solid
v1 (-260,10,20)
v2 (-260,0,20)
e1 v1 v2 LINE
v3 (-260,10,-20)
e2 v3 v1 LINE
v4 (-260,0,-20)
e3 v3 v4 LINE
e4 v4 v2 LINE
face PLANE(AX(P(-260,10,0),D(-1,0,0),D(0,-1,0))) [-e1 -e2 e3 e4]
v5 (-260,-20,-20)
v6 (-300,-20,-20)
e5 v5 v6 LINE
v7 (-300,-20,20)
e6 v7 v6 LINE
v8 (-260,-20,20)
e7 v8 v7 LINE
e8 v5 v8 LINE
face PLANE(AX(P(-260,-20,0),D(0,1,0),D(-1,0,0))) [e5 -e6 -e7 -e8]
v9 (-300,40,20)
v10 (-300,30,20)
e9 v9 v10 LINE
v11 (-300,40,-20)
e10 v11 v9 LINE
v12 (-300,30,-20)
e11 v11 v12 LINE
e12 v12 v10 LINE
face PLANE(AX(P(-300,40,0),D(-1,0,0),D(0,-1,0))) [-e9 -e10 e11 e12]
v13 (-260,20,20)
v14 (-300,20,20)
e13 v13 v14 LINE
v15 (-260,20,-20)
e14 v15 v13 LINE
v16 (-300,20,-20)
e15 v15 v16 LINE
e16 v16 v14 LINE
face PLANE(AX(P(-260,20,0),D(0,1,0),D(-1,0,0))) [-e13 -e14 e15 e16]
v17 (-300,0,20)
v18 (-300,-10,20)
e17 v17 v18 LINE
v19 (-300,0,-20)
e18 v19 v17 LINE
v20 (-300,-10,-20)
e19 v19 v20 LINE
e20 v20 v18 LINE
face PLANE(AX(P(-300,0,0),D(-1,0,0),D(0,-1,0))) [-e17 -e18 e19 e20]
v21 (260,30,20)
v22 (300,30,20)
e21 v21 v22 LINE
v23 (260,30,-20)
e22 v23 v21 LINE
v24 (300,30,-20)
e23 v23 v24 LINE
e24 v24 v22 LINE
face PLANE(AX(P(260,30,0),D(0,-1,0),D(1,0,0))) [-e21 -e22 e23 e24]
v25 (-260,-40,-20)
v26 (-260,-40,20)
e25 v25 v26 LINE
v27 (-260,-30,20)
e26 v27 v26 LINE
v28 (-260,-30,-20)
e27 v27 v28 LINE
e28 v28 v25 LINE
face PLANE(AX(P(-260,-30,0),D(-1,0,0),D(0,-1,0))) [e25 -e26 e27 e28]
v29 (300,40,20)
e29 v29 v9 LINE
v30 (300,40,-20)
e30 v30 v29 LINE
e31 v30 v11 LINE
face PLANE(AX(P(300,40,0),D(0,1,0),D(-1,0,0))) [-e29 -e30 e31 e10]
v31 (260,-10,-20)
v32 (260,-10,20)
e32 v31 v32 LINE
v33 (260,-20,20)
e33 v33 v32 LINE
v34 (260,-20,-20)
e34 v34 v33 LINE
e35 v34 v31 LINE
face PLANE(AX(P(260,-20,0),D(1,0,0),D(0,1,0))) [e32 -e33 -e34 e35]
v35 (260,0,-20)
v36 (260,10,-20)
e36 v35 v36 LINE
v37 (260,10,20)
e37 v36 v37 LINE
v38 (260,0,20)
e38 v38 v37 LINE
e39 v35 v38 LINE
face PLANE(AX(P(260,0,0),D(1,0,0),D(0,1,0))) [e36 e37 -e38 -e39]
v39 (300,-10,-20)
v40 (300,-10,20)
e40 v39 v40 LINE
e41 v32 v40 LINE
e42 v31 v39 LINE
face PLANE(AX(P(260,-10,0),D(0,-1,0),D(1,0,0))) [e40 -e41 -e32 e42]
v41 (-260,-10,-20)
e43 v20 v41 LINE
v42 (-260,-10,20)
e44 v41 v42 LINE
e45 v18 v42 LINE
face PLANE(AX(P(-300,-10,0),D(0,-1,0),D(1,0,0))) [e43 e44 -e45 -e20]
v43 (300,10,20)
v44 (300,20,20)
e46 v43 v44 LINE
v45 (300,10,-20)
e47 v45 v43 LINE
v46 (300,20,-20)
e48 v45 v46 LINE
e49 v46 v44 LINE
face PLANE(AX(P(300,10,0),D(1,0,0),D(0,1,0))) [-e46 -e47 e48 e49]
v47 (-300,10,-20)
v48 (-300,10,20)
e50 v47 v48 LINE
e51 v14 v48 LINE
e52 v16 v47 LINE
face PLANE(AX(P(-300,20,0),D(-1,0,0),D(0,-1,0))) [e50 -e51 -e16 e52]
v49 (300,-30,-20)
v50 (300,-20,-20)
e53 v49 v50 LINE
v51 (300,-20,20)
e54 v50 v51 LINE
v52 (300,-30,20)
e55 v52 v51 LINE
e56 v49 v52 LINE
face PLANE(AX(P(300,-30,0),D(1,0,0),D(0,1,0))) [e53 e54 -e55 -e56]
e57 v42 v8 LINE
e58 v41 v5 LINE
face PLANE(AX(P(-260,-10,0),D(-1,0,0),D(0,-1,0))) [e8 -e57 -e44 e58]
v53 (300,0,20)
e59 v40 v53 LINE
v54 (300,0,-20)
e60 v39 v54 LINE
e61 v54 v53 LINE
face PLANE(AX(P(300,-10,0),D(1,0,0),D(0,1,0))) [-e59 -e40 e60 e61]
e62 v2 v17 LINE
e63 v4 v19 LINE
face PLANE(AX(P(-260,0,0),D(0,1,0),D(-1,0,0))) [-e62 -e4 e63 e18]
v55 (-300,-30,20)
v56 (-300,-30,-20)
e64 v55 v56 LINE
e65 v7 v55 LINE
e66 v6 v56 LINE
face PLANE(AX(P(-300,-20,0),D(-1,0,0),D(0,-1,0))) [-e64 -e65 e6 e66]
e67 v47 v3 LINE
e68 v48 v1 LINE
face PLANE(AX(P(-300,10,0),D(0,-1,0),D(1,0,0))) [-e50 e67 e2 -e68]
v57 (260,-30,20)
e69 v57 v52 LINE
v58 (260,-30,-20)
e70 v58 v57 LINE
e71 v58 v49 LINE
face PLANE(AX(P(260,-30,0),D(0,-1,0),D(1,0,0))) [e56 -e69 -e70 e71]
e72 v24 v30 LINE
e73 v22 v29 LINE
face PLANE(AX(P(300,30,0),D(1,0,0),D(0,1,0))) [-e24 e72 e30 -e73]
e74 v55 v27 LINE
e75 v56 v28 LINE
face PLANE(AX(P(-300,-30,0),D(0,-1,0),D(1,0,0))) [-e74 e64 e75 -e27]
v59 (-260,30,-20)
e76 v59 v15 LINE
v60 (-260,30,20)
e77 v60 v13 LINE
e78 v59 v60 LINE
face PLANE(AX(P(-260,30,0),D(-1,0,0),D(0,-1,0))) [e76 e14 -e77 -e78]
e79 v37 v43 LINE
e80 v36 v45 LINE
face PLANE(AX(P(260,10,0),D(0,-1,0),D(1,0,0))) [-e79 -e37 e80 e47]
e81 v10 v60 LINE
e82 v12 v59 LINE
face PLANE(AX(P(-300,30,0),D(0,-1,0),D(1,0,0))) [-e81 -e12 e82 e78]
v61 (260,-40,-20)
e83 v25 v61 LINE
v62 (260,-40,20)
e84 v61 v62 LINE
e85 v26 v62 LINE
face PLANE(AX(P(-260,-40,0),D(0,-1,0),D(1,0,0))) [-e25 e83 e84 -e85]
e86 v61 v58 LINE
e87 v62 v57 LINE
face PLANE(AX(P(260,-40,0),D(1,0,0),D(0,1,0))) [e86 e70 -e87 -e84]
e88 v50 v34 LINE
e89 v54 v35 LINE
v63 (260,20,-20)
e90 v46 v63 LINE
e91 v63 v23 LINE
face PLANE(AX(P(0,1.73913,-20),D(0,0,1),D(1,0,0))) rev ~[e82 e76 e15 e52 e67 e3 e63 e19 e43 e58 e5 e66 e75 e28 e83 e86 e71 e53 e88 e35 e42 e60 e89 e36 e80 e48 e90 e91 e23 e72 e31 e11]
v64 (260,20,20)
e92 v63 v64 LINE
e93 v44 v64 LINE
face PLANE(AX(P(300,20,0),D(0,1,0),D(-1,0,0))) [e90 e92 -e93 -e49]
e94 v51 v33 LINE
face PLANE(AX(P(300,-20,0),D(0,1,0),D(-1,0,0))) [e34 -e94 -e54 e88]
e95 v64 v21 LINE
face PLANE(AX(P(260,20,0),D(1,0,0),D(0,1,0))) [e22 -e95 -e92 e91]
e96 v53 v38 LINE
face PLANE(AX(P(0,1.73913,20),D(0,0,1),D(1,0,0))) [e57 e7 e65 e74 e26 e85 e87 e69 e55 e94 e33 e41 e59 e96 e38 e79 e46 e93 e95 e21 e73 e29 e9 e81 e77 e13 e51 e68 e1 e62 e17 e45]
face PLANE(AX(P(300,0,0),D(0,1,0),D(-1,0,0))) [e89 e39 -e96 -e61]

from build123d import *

# Parameters (mm, degrees)
F1_DEPTH = 20


with BuildPart() as f1:
    # F0 (on Top) → F1 (new body, symmetric)
    with BuildSketch(Plane.XY):
        Polygon((-260, -30), (-260, -40), (260, -40), (260, -30), (300, -30), (300, -20), (260, -20), (260, -10), (300, -10), (300, 0), (260, 0), (260, 10), (300, 10), (300, 20), (260, 20), (260, 30), (300, 30), (300, 40), (-300, 40), (-300, 30), (-260, 30), (-260, 20), (-300, 20), (-300, 10), (-260, 10), (-260, 0), (-300, 0), (-300, -10), (-260, -10), (-260, -20), (-300, -20), (-300, -30), align=None)
    extrude(amount=F1_DEPTH, both=True)


solid = f1.part
